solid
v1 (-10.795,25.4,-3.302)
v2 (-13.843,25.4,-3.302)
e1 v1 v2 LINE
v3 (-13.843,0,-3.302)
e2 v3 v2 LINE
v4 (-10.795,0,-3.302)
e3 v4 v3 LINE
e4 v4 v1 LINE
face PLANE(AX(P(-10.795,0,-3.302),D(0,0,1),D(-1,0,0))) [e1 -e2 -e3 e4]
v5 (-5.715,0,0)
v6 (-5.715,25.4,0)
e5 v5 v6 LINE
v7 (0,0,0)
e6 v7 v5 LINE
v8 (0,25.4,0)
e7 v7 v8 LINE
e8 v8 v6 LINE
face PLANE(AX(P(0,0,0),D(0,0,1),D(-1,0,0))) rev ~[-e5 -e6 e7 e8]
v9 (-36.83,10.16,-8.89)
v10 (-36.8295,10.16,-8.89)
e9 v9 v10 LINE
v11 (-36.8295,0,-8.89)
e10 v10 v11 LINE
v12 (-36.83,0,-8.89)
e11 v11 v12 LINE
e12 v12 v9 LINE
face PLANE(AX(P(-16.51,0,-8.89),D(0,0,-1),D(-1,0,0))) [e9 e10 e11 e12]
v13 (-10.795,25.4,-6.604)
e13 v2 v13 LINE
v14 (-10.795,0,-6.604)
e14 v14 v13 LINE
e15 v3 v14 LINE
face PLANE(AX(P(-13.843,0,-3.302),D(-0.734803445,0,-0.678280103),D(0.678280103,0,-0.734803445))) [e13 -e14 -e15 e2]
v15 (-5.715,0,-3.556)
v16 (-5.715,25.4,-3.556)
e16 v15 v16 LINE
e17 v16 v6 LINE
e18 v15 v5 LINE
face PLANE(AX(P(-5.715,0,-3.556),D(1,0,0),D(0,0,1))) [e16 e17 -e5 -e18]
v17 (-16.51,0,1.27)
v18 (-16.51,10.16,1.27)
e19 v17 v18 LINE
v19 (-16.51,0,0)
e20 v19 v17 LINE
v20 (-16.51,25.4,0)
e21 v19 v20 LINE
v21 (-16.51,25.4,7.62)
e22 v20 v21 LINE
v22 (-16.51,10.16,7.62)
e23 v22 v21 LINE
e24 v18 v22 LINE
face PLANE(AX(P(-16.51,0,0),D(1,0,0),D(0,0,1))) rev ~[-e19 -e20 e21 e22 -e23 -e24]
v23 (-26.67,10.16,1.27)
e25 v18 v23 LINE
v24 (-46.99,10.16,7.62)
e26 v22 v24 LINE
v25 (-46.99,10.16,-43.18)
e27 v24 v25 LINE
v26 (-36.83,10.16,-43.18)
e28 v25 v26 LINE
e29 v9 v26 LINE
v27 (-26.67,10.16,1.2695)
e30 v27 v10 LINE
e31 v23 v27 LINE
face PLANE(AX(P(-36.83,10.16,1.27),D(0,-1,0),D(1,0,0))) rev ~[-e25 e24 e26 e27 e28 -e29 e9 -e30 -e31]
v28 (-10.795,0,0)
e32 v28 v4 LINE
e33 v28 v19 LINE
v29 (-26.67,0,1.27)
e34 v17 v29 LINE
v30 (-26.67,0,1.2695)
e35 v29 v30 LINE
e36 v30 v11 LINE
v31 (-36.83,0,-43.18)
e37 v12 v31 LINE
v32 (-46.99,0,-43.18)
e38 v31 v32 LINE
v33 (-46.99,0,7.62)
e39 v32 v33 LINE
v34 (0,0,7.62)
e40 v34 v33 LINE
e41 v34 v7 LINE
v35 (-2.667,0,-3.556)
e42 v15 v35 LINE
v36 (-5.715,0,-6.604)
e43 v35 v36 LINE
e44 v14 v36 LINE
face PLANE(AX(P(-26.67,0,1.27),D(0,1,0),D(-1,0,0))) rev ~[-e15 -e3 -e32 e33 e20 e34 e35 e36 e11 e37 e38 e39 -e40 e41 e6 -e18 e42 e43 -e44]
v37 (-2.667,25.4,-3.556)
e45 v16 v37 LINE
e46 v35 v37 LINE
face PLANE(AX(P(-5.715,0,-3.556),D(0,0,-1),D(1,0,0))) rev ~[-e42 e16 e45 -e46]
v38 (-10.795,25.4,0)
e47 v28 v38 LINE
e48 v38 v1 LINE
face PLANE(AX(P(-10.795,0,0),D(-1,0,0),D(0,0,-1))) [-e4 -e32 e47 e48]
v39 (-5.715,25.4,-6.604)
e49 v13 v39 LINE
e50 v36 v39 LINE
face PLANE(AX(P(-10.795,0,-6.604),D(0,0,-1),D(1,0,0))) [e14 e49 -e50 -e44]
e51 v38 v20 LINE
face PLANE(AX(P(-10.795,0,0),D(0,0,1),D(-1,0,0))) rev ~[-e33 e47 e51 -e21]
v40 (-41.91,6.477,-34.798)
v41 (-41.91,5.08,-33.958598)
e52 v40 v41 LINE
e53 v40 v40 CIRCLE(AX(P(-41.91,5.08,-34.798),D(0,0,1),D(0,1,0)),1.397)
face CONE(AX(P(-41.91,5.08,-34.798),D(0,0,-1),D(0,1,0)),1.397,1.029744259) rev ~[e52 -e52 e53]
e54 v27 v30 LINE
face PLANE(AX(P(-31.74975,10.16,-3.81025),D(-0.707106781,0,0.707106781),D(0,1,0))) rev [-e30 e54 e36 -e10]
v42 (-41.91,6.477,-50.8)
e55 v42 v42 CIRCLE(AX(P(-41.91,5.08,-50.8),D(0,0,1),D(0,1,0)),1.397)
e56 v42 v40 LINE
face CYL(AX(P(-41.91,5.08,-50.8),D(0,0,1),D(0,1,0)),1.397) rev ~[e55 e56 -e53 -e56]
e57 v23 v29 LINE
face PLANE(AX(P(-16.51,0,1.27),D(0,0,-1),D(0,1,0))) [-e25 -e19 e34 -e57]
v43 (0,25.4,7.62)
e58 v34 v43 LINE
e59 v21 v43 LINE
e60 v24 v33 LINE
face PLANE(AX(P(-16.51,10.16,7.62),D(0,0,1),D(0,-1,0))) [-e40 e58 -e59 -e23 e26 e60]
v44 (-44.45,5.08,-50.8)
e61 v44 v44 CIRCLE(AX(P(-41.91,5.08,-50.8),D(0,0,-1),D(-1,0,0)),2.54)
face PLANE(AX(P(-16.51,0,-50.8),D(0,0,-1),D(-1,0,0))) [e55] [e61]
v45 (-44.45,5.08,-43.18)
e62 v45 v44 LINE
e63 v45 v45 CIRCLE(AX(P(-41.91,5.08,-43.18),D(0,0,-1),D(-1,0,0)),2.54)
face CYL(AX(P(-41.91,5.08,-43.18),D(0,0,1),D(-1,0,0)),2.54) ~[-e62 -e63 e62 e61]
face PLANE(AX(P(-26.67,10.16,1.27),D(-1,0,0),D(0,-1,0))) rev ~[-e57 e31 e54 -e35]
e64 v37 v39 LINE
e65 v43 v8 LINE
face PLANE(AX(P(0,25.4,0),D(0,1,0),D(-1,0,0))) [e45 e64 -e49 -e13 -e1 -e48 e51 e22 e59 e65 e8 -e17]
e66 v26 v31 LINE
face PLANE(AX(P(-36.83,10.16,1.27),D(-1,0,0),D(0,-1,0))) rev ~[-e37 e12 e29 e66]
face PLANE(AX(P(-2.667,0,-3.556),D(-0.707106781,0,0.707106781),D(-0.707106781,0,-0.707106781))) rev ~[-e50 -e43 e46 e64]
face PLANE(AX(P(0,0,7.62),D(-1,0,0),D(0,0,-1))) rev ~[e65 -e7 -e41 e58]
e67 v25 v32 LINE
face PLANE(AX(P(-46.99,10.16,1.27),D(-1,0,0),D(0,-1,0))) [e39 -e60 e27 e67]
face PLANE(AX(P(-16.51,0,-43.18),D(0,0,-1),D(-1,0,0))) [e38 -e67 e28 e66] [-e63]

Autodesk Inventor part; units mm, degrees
ref_plane "YZ Plane" through (0, 0, 0) normal (1, 0, 0) x (0, 1, 0)
ref_plane "XZ Plane" through (0, 0, 0) normal (0, 1, 0) x (-1, 0, 0)
ref_plane "XY Plane" through (0, 0, 0) normal (0, 0, 1) x (1, 0, 0)
sketch "Sketch1" plane through (0, 0, 0) normal (0, 1, 0) x (-1, 0, 0)
  line L0 (0, 0) -> (16.51, 0)
  line L1 (16.51, 0) -> (16.51, 7.62)
  line L2 (16.51, 7.62) -> (0, 7.62)
  line L3 (0, 7.62) -> (0, 0)
  line L4 (16.51, 0) -> (10.795, 0)
  line L5 (10.795, 0) -> (10.795, -6.604)
  line L6 (10.795, -6.604) -> (5.715, -6.604)
  line L7 (5.715, -6.604) -> (5.715, 0)
  line L8 (5.715, -6.604) -> (5.715, -3.556)
  line L9 (5.715, -3.556) -> (2.667, -3.556)
  line L10 (2.667, -3.556) -> (5.715, -6.604)
  line L11 (10.795, -3.302) -> (13.843, -3.302)
  line L12 (13.843, -3.302) -> (10.795, -6.604)
  dimension "d0" = 16.51
  dimension "d1" = 7.62
  dimension "d2" = 5.715
  dimension "d3" = 6.604
  dimension "d4" = 5.08
  dimension "d5" = 3.048
  dimension "d6" = 3.048
  dimension "d7" = 3.048
extrude "Extrusion1" add sketch "Sketch1" along normal blind 25.4
sketch "Sketch3" plane through (-16.51, 0, 0) normal (-1, 0, 0) x (0, 0, 1)
  line L0 (0, 0) -> (7.62, 0) projected
  line L1 (7.62, 0) -> (1.27, 0)
  line L2 (1.27, 0) -> (1.27, 10.16)
  line L3 (1.27, 10.16) -> (7.62, 10.16)
  line L4 (7.62, 10.16) -> (7.62, 0)
  dimension "d10" = 6.35
  dimension "d11" = 10.16
extrude "Extrusion2" add sketch "Sketch3" along normal blind 30.48
sketch "Sketch4" plane through (-16.51, 0, 1.27) normal (0, 0, -1) x (-1, 0, 0)
  line L0 (30.48, 10.16) -> (30.48, 0) projected
  line L1 (30.48, 10.16) -> (20.32, 10.16)
  line L2 (20.32, 10.16) -> (20.32, 0)
  line L3 (20.32, 0) -> (30.48, 0)
  line L4 (30.48, 0) -> (30.48, 10.16)
  point P0 (-16.51, 0)
  dimension "d14" = 10.16
  dimension "d15" = 10.16
extrude "Extrusion3" add sketch "Sketch4" along normal blind 44.45
sketch "Sketch5" plane through (-16.51, 0, -43.18) normal (0, 0, -1) x (-1, 0, 0)
  line L0 (30.48, 0) -> (30.48, 10.16) projected
  line L1 (30.48, 5.08) -> (25.4, 5.08)
  circle A0 centre (25.4, 5.08) radius 2.54
  point P0 (-16.51, 0)
  dimension "d18" = 5.08
  dimension "d19" = 5.08
extrude "Extrusion4" add sketch "Sketch5" along normal blind 7.62
sketch "Sketch6" plane through (-41.91, 5.08, -50.8) normal (0, 0, -1) x (-1, 0, 0)
  circle A0 centre (0, 0) radius 2.54 projected
  line L0 (2.54, 0) -> (0, 0)
  point P0 (-41.91, -5.08)
hole "Hole1" at (-41.91, 5.08, -50.8) direction (0, 0, 1) diameter 2.794 depth 16.002 tip angle 118
sketch "Sketch7" plane through (-16.51, 0, 1.27) normal (0, 0, -1) x (-1, 0, 0)
  line L0 (20.32, 0) -> (20.32, 10.16) projected
  line L1 (0, 0) -> (20.32, 0) projected
  line L2 (20.32, 10.16) -> (10.16, 10.16)
  line L3 (10.16, 10.16) -> (10.16, 0)
  line L4 (10.16, 0) -> (20.32, 0)
  line L5 (20.32, 0) -> (20.32, 10.16)
  point P0 (-16.51, 0)
  dimension "d29" = 10.16
extrude "Extrusion5" add sketch "Sketch7" along normal blind 10.16
chamfer "Chamfer1" distance 10.16 angle 45 1 edges at (-26.67, 5.08, -8.89)
properties part number "Grab Rail v2.5 - Left"
